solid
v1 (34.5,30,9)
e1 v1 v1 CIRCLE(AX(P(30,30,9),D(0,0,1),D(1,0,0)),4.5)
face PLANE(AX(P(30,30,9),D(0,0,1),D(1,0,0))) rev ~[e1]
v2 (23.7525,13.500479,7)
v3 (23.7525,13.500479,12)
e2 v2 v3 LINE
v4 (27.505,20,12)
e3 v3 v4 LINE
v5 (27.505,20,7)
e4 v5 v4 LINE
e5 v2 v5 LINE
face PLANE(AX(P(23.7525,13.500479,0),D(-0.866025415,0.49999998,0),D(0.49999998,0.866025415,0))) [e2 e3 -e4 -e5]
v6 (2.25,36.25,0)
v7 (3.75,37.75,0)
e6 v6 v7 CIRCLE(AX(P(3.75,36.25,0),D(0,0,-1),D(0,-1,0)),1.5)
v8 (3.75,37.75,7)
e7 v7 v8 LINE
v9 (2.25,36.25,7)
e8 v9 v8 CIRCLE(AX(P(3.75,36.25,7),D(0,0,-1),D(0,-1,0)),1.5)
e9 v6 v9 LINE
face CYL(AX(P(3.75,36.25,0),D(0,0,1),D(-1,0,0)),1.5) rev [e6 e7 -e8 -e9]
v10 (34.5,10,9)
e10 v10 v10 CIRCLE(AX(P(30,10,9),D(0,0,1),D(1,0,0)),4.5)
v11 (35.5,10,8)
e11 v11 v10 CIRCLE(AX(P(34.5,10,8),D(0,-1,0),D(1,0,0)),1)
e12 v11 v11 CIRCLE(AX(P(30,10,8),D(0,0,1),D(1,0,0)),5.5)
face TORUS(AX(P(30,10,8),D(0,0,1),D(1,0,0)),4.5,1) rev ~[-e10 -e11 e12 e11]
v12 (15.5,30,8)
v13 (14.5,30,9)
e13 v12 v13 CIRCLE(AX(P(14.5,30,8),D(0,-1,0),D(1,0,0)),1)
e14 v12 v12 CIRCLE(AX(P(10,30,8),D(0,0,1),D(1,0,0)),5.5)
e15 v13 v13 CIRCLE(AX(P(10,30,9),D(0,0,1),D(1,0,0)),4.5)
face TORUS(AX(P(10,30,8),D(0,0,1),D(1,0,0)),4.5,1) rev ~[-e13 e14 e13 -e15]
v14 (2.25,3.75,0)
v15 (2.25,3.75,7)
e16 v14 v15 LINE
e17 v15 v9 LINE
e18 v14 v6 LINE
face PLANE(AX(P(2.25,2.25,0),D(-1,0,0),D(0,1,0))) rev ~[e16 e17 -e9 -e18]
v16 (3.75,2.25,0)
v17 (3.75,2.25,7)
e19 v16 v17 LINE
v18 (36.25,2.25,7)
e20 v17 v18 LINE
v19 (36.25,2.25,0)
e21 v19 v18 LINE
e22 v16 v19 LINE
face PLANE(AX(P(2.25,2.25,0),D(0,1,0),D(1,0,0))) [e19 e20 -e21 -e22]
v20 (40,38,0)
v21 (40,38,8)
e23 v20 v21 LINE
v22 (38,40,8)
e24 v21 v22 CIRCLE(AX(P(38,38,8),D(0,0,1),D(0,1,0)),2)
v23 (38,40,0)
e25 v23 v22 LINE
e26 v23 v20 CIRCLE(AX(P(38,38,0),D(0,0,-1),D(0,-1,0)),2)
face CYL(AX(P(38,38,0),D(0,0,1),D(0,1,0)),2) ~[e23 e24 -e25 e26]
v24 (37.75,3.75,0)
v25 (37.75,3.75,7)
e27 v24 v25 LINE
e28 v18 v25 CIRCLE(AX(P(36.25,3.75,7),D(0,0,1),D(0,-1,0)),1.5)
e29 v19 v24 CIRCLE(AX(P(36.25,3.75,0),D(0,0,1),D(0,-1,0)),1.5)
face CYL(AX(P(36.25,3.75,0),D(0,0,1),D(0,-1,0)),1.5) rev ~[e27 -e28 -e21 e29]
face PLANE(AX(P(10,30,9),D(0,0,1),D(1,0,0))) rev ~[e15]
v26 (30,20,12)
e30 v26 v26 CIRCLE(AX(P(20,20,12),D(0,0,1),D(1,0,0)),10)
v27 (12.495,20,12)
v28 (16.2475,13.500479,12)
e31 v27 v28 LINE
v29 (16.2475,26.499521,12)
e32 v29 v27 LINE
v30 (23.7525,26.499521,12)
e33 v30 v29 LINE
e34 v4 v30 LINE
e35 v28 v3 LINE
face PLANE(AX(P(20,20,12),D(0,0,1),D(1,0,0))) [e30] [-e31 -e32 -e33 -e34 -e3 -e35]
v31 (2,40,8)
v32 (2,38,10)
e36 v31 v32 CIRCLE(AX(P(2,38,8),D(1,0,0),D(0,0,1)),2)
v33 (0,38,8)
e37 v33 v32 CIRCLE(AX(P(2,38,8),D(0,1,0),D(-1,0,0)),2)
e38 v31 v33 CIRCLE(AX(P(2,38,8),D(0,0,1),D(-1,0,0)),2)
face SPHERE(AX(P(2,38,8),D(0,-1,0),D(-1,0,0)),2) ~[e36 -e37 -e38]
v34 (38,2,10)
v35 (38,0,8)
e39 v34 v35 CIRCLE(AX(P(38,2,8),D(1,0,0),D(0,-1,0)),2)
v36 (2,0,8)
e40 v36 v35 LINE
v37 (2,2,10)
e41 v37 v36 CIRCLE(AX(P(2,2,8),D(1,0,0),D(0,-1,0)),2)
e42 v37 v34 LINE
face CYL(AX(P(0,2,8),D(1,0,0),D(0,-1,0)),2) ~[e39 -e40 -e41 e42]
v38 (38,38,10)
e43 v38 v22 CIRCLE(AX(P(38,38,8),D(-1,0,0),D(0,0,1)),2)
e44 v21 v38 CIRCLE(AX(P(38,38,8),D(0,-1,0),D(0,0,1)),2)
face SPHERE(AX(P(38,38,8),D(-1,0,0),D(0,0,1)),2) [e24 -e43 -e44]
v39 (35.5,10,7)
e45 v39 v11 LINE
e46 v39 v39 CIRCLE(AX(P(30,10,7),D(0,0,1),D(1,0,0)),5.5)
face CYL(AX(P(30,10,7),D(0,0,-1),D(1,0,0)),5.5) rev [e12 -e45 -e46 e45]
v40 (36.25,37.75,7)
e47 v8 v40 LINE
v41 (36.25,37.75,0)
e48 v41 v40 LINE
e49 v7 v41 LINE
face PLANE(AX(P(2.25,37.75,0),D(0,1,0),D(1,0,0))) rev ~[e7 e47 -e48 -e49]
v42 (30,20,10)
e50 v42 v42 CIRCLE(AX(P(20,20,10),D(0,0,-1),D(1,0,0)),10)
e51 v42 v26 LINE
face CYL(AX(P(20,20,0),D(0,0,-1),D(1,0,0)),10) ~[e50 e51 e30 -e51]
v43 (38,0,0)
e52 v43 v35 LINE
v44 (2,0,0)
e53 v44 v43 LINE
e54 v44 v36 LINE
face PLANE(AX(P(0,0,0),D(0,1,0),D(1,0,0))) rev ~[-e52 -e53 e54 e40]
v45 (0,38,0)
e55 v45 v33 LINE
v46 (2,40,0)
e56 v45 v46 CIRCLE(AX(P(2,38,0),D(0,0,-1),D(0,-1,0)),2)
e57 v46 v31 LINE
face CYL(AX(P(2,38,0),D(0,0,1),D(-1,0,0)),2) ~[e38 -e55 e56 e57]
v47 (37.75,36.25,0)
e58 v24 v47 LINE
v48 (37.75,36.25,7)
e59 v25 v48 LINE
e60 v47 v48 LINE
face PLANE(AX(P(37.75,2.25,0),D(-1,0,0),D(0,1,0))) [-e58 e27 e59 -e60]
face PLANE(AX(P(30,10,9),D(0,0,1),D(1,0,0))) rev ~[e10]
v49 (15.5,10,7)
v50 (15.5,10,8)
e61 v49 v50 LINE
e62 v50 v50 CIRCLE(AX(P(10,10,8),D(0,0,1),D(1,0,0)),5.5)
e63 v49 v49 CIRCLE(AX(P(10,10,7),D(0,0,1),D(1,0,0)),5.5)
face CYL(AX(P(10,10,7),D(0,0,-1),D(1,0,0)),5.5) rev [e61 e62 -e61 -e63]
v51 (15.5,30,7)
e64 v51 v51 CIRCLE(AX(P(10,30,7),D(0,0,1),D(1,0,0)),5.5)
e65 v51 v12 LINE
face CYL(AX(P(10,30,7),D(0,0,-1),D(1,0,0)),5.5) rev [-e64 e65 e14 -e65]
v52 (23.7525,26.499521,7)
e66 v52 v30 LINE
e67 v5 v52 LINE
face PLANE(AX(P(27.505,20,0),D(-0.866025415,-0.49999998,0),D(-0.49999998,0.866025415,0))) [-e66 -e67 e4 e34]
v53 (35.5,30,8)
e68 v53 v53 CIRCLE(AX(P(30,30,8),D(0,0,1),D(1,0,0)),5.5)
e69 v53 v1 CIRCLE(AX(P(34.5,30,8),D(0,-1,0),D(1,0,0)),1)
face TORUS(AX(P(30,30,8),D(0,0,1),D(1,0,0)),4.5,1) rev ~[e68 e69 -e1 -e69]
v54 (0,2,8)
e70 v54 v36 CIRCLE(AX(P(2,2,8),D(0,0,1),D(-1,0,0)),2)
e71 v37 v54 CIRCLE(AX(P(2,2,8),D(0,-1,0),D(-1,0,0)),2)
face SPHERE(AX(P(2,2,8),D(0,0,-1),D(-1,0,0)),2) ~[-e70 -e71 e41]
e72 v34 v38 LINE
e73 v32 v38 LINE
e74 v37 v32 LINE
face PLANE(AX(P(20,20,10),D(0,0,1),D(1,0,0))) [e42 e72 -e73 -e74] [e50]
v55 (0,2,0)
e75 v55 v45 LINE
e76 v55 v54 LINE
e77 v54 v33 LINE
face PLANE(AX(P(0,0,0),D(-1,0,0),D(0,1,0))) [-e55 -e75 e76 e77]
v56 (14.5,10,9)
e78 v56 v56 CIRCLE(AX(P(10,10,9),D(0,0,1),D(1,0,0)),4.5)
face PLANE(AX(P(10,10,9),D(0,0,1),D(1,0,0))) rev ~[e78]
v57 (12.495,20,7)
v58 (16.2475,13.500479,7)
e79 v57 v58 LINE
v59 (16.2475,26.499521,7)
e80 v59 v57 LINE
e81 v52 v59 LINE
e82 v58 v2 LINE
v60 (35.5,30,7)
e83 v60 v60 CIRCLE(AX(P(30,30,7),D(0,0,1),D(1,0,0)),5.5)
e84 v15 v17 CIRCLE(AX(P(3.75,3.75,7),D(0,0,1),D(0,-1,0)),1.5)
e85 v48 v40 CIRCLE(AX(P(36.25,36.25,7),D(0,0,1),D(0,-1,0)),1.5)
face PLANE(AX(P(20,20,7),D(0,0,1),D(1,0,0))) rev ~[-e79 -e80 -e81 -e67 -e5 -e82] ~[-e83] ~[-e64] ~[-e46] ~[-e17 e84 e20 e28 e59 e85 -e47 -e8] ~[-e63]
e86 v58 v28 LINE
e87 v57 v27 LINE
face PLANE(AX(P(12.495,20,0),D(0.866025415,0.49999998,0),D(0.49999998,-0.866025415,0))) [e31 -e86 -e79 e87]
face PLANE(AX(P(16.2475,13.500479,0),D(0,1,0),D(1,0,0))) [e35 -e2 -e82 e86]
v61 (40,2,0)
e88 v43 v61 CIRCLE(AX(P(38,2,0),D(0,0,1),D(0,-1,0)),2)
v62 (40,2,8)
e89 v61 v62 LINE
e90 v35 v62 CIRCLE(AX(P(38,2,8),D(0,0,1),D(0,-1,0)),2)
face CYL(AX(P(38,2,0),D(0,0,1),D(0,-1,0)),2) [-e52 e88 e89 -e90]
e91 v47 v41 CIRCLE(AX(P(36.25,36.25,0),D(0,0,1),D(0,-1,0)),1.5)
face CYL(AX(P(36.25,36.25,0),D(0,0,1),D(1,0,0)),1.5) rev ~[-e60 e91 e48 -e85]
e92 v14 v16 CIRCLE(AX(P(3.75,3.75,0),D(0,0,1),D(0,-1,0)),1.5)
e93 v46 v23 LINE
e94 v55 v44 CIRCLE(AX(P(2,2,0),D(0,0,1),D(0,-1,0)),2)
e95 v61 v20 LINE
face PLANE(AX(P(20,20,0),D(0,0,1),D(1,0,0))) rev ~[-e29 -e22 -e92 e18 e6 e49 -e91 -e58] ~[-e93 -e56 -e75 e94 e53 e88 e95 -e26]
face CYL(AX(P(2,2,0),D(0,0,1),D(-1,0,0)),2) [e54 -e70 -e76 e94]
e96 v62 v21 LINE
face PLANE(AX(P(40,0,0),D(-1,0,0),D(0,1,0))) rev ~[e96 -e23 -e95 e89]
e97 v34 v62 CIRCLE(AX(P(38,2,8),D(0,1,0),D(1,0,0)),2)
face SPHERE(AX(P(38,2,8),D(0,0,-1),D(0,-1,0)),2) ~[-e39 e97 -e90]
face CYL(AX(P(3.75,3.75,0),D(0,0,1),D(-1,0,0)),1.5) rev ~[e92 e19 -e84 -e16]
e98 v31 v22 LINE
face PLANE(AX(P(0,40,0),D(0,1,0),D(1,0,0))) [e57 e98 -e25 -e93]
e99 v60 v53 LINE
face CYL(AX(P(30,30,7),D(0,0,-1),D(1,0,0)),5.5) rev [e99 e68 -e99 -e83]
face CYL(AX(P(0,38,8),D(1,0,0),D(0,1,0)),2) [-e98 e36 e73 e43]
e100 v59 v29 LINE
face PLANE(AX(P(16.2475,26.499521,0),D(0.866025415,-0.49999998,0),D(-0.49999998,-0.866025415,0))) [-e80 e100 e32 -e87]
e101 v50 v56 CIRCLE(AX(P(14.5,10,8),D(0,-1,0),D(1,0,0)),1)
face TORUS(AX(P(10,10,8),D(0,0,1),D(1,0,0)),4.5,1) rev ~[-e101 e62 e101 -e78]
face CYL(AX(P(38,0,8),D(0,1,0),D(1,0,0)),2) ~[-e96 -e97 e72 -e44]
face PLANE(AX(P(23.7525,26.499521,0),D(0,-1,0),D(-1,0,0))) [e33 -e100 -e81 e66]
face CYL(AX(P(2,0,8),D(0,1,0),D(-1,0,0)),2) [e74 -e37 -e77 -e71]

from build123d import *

# Parameters (mm, degrees)
CYLINDER008_R     = 5.5
CYLINDER008_DEPTH = 2
FILLET005_R       = 1
CYLINDER009_R     = 5.5
CYLINDER009_DEPTH = 2
FILLET006_R       = 1
CYLINDER006_R     = 5.5
CYLINDER006_DEPTH = 2
FILLET003_R       = 1
CYLINDER007_R     = 5.5
CYLINDER007_DEPTH = 2
FILLET004_R       = 1
BOX001_W          = 35.5
BOX001_H          = 35.5
BOX001_DEPTH      = 7
FILLET_R          = 1.5
PRISM_DEPTH       = 12
CYLINDER_R        = 10
CYLINDER_DEPTH    = 12
BOX_W             = 40
BOX_H             = 40
BOX_DEPTH         = 10
FILLET001_R       = 2


with BuildPart() as fillet005:
    # Cylinder008 → Cylinder008 (new body)
    with BuildSketch(Plane.XY):
        Circle(CYLINDER008_R)
    extrude(amount=CYLINDER008_DEPTH)

    # Fillet005
    fillet005_edges = [fillet005.edges().sort_by_distance(p)[0] for p in [
        (-5.5, 0, 2),
    ]]
    fillet(fillet005_edges, radius=FILLET005_R)


with BuildPart() as fillet005_1:
    # Fillet005 placement: moved
    add(fillet005.part.moved(Location((10, 30, 7))))


with BuildPart() as fillet006:
    # Cylinder009 → Cylinder009 (new body)
    with BuildSketch(Plane.XY):
        Circle(CYLINDER009_R)
    extrude(amount=CYLINDER009_DEPTH)

    # Fillet006
    fillet006_edges = [fillet006.edges().sort_by_distance(p)[0] for p in [
        (-5.5, 0, 2),
    ]]
    fillet(fillet006_edges, radius=FILLET006_R)


with BuildPart() as fillet006_1:
    # Fillet006 placement: moved
    add(fillet006.part.moved(Location((30, 30, 7))))


with BuildPart() as fillet003:
    # Cylinder006 → Cylinder006 (new body)
    with BuildSketch(Plane.XY):
        Circle(CYLINDER006_R)
    extrude(amount=CYLINDER006_DEPTH)

    # Fillet003
    fillet003_edges = [fillet003.edges().sort_by_distance(p)[0] for p in [
        (-5.5, 0, 2),
    ]]
    fillet(fillet003_edges, radius=FILLET003_R)


with BuildPart() as fillet003_1:
    # Fillet003 placement: moved
    add(fillet003.part.moved(Location((10, 10, 7))))


with BuildPart() as fillet004:
    # Cylinder007 → Cylinder007 (new body)
    with BuildSketch(Plane.XY):
        Circle(CYLINDER007_R)
    extrude(amount=CYLINDER007_DEPTH)

    # Fillet004
    fillet004_edges = [fillet004.edges().sort_by_distance(p)[0] for p in [
        (-5.5, 0, 2),
    ]]
    fillet(fillet004_edges, radius=FILLET004_R)


with BuildPart() as fillet004_1:
    # Fillet004 placement: moved
    add(fillet004.part.moved(Location((30, 10, 7))))


with BuildPart() as fillet_body:
    # Box001 → Box001 (new body)
    with BuildSketch(Plane(origin=(2.25, 2.25, 0), x_dir=(1, 0, 0), z_dir=(0, 0, 1))):
        with Locations((17.75, 17.75)):
            Rectangle(BOX001_W, BOX001_H)
    extrude(amount=BOX001_DEPTH)

    # Fillet
    fillet_edges = [fillet_body.edges().sort_by_distance(p)[0] for p in [
        (2.25, 2.25, 3.5),
        (2.25, 37.75, 3.5),
        (37.75, 2.25, 3.5),
        (37.75, 37.75, 3.5),
    ]]
    fillet(fillet_edges, radius=FILLET_R)


with BuildPart() as prism:
    # Prism → Prism (new body)
    with BuildSketch(Plane(origin=(20, 20, 0), x_dir=(1, 0, 0), z_dir=(0, 0, 1))):
        Polygon((7.505, 0), (3.7525, 6.499521), (-3.7525, 6.499521), (-7.505, 0), (-3.7525, -6.499521), (3.7525, -6.499521), align=None)
    extrude(amount=PRISM_DEPTH)


with BuildPart() as cylinder:
    # Cylinder → Cylinder (new body)
    with BuildSketch(Plane(origin=(20, 20, 0), x_dir=(1, 0, 0), z_dir=(0, 0, 1))):
        Circle(CYLINDER_R)
    extrude(amount=CYLINDER_DEPTH)


with BuildPart() as cut010:
    # Box → Box (new body)
    with BuildSketch(Plane.XY):
        with Locations((20, 20)):
            Rectangle(BOX_W, BOX_H)
    extrude(amount=BOX_DEPTH)

    # Fusion: union Cylinder
    add(cylinder.part)

    # Cut: cut Prism
    add(prism.part, mode=Mode.SUBTRACT)

    # Fillet001
    fillet001_edges = [cut010.edges().sort_by_distance(p)[0] for p in [
        (0, 0, 5),
        (0, 20, 10),
        (0, 40, 5),
        (40, 0, 5),
        (20, 0, 10),
        (20, 40, 10),
        (40, 20, 10),
        (40, 40, 5),
    ]]
    fillet(fillet001_edges, radius=FILLET001_R)

    # Cut001: cut Fillet body
    add(fillet_body.part, mode=Mode.SUBTRACT)

    # Cut007: cut Fillet004
    add(fillet004_1.part, mode=Mode.SUBTRACT)

    # Cut008: cut Fillet003
    add(fillet003_1.part, mode=Mode.SUBTRACT)

    # Cut009: cut Fillet006
    add(fillet006_1.part, mode=Mode.SUBTRACT)

    # Cut010: cut Fillet005
    add(fillet005_1.part, mode=Mode.SUBTRACT)


solid = cut010.part
